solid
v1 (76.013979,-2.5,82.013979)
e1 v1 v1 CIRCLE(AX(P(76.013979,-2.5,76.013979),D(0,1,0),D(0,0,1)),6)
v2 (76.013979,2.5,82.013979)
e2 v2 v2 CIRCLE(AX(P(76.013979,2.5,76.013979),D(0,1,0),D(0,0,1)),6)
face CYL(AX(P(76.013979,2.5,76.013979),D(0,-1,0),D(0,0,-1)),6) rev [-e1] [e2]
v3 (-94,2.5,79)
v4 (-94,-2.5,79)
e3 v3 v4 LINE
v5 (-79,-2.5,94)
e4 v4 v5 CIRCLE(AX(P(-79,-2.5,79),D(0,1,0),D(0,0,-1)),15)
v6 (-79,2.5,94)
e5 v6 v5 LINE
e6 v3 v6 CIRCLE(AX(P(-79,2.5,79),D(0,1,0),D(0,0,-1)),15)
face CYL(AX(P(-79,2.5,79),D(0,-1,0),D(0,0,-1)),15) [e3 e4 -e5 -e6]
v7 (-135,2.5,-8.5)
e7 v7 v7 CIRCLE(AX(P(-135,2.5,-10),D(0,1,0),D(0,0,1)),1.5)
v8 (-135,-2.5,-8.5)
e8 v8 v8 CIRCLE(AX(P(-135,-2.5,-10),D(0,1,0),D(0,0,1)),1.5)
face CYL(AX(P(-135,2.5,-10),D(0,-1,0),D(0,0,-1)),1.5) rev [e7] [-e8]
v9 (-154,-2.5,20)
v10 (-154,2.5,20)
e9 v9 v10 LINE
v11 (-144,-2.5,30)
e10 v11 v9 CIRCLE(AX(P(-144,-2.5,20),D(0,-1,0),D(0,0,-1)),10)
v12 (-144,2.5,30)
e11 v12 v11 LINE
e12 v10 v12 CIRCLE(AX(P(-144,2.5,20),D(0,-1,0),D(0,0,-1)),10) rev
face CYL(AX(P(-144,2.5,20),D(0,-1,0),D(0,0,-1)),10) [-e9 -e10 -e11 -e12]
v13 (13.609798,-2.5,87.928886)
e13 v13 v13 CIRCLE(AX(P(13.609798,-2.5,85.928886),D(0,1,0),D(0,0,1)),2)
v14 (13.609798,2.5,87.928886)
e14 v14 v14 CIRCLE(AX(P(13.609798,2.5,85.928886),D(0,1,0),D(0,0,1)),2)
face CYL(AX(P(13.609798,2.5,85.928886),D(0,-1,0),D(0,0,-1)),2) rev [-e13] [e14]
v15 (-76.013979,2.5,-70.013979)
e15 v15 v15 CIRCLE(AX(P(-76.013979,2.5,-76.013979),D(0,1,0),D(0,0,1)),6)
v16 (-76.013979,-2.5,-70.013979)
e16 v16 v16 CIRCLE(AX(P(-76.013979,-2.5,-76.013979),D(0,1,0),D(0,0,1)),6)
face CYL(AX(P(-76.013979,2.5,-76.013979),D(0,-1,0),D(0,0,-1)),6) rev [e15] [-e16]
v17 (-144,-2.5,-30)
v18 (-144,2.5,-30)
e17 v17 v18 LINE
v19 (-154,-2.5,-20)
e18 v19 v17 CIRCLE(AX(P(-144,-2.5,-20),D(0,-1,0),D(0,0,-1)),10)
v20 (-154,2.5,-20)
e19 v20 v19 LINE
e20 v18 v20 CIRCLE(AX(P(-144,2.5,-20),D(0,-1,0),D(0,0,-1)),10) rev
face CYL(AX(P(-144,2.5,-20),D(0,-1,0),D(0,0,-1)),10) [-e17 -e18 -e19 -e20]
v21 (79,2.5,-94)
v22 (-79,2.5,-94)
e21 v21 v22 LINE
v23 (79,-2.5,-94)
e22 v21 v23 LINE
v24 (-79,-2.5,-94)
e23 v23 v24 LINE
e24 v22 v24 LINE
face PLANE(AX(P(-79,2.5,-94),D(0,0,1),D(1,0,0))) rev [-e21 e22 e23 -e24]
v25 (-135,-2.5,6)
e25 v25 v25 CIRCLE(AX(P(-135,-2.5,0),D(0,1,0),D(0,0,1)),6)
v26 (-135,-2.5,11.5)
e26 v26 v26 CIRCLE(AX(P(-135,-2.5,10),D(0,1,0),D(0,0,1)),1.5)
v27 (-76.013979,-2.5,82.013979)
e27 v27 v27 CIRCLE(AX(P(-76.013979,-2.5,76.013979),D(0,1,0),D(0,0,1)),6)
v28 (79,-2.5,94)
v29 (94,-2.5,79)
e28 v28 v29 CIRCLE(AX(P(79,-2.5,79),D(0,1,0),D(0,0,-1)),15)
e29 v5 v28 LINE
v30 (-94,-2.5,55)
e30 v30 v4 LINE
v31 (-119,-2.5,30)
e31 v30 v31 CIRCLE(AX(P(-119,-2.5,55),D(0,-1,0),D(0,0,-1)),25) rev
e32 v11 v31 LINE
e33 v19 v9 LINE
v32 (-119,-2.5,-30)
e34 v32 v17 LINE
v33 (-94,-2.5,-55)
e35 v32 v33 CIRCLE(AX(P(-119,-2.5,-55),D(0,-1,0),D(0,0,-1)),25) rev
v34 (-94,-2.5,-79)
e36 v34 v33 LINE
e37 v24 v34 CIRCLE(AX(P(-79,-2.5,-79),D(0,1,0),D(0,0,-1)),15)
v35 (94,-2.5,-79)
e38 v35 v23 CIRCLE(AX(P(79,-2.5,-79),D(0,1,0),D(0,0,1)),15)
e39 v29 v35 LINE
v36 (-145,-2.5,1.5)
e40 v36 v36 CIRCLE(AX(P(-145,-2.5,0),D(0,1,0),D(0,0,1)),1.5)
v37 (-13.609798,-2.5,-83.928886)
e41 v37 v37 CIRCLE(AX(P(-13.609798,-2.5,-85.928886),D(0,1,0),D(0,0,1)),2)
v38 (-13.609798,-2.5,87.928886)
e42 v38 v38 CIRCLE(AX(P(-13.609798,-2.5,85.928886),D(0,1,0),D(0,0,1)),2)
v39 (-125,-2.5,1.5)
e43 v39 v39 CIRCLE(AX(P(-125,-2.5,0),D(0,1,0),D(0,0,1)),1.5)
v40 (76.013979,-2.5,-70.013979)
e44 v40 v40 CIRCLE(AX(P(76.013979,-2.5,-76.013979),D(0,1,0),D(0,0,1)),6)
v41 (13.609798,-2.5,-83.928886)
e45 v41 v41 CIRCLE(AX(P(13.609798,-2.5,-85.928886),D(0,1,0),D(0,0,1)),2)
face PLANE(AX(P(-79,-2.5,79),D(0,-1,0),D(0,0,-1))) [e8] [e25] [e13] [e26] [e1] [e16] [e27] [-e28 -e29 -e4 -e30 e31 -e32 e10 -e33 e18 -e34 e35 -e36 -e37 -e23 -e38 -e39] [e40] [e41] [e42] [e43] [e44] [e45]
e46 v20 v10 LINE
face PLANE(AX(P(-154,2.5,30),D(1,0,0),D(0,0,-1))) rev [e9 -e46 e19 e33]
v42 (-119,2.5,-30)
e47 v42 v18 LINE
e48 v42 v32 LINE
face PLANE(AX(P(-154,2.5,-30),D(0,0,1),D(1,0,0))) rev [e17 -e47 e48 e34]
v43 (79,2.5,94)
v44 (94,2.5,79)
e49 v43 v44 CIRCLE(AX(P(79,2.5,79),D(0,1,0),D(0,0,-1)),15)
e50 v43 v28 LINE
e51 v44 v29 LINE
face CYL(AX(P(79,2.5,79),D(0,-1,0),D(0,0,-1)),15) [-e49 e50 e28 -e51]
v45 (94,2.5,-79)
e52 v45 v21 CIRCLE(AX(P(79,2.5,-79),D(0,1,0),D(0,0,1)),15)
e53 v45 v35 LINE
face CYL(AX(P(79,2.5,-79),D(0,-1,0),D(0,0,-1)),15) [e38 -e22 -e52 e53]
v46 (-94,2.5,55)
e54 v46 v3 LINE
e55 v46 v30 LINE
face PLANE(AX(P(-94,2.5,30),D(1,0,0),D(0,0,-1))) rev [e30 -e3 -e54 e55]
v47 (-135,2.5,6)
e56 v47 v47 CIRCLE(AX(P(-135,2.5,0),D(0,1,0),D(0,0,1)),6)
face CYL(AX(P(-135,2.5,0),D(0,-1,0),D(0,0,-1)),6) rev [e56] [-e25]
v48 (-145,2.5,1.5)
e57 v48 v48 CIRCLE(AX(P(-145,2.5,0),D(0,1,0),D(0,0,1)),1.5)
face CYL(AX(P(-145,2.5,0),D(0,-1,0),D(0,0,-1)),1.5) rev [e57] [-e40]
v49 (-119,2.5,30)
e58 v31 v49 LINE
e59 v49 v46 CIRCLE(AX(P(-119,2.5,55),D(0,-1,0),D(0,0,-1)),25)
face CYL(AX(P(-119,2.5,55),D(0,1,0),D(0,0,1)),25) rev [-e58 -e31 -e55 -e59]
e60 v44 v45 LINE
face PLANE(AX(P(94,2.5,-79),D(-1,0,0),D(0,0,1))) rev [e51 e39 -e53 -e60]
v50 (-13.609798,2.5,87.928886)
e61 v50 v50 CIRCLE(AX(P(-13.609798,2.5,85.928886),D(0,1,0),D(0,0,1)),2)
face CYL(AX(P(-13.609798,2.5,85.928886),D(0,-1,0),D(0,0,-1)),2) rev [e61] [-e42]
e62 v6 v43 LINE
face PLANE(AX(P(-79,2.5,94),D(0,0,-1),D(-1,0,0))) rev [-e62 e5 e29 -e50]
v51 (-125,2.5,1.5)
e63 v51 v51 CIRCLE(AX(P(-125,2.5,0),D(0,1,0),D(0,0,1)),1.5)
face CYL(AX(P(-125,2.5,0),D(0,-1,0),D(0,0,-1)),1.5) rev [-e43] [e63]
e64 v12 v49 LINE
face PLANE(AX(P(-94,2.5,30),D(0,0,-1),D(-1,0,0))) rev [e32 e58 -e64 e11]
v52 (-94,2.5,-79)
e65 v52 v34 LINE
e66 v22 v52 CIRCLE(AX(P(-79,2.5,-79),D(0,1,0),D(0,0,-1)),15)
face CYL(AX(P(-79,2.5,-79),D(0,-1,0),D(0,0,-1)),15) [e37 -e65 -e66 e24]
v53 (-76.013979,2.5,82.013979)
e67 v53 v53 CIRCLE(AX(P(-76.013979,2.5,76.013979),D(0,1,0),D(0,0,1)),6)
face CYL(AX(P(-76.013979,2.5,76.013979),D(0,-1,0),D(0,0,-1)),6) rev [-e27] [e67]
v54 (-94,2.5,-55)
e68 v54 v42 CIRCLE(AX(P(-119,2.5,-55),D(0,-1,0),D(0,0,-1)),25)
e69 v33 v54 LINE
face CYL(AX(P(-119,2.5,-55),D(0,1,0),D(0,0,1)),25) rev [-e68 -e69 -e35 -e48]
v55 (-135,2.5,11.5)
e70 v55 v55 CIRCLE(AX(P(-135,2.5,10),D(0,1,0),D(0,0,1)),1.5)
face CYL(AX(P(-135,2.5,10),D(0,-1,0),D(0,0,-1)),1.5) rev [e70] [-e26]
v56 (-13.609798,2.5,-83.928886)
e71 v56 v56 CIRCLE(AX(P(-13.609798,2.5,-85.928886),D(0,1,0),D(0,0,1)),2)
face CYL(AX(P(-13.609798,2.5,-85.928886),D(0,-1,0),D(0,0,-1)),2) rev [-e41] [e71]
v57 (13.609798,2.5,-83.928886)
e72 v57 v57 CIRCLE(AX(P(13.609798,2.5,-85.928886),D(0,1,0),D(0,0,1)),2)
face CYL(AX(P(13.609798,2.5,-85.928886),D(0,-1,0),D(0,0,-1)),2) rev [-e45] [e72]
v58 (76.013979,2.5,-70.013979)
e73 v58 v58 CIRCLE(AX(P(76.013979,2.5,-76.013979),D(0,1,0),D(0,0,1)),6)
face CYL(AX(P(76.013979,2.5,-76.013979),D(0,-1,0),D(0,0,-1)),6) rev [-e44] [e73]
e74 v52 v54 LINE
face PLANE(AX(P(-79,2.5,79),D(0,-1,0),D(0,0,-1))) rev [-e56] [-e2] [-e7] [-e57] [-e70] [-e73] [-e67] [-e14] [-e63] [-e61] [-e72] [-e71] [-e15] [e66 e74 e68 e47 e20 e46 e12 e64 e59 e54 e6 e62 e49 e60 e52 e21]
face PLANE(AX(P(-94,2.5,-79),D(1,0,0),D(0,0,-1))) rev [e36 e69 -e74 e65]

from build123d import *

# Parameters (mm, degrees)
SKETCH1_R           = 6
SKETCH1_R_2         = 1.5
SKETCH1_R_3         = 2
BOSS_EXTRUDE1_DEPTH = 2.5
FILLET1_R           = 25
FILLET2_R           = 10


with BuildPart() as part:
    # Sketch1 → Boss-Extrude1 (new, symmetric)
    with BuildSketch(Plane(origin=(0, 0, 0), x_dir=(1, 0, 0), z_dir=(0, 1, 0))):
        with BuildLine():
            Line((-79, 94), (79, 94))
            ThreePointArc((79, 94), (89.606601718, 89.606601718), (94, 79))
            Line((94, 79), (94, -79))
            ThreePointArc((94, -79), (89.606601718, -89.606601718), (79, -94))
            Line((79, -94), (-79, -94))
            ThreePointArc((-79, -94), (-89.606601718, -89.606601718), (-94, -79))
            Line((-94, -79), (-94, -30))
            Line((-94, -30), (-154, -30))
            Line((-154, -30), (-154, 30))
            Line((-154, 30), (-94, 30))
            Line((-94, 30), (-94, 79))
            ThreePointArc((-94, 79), (-89.606601718, 89.606601718), (-79, 94))
        make_face()
        with Locations(Location((-76.013978978, 76.013978978, 0), (0, 0, 270))):
            Circle(SKETCH1_R, mode=Mode.SUBTRACT)
        with Locations(Location((76.013978978, 76.013978978, 0), (0, 0, 270))):
            Circle(SKETCH1_R, mode=Mode.SUBTRACT)
        with Locations(Location((76.013978978, -76.013978978, 0), (0, 0, 270))):
            Circle(SKETCH1_R, mode=Mode.SUBTRACT)
        with Locations(Location((-76.013978978, -76.013978978, 0), (0, 0, 270))):
            Circle(SKETCH1_R, mode=Mode.SUBTRACT)
        with Locations(Location((-135, -10, 0), (0, 0, 270))):
            Circle(SKETCH1_R_2, mode=Mode.SUBTRACT)
        with Locations(Location((-145, 0, 0), (0, 0, 270))):
            Circle(SKETCH1_R_2, mode=Mode.SUBTRACT)
        with Locations(Location((-135, 10, 0), (0, 0, 270))):
            Circle(SKETCH1_R_2, mode=Mode.SUBTRACT)
        with Locations(Location((-125, 0, 0), (0, 0, 270))):
            Circle(SKETCH1_R_2, mode=Mode.SUBTRACT)
        with Locations(Location((-135, 0, 0), (0, 0, 270))):
            Circle(SKETCH1_R, mode=Mode.SUBTRACT)
        with Locations(Location((13.609798459, 85.928885632, 0), (0, 0, 270))):
            Circle(SKETCH1_R_3, mode=Mode.SUBTRACT)
        with Locations(Location((13.609798458, -85.928885632, 0), (0, 0, 270))):
            Circle(SKETCH1_R_3, mode=Mode.SUBTRACT)
        with Locations(Location((-13.609798458, 85.928885632, 0), (0, 0, 270))):
            Circle(SKETCH1_R_3, mode=Mode.SUBTRACT)
        with Locations(Location((-13.609798459, -85.928885632, 0), (0, 0, 270))):
            Circle(SKETCH1_R_3, mode=Mode.SUBTRACT)
    extrude(amount=BOSS_EXTRUDE1_DEPTH, both=True)

    # Fillet1
    fillet1_edges = [part.edges().sort_by_distance(p)[0] for p in [
        (-94, 0, 30),
        (-94, 0, -30),
    ]]
    fillet(fillet1_edges, radius=FILLET1_R)

    # Fillet2
    fillet2_edges = [part.edges().sort_by_distance(p)[0] for p in [
        (-154, 0, 30),
        (-154, 0, -30),
    ]]
    fillet(fillet2_edges, radius=FILLET2_R)


solid = part.part
